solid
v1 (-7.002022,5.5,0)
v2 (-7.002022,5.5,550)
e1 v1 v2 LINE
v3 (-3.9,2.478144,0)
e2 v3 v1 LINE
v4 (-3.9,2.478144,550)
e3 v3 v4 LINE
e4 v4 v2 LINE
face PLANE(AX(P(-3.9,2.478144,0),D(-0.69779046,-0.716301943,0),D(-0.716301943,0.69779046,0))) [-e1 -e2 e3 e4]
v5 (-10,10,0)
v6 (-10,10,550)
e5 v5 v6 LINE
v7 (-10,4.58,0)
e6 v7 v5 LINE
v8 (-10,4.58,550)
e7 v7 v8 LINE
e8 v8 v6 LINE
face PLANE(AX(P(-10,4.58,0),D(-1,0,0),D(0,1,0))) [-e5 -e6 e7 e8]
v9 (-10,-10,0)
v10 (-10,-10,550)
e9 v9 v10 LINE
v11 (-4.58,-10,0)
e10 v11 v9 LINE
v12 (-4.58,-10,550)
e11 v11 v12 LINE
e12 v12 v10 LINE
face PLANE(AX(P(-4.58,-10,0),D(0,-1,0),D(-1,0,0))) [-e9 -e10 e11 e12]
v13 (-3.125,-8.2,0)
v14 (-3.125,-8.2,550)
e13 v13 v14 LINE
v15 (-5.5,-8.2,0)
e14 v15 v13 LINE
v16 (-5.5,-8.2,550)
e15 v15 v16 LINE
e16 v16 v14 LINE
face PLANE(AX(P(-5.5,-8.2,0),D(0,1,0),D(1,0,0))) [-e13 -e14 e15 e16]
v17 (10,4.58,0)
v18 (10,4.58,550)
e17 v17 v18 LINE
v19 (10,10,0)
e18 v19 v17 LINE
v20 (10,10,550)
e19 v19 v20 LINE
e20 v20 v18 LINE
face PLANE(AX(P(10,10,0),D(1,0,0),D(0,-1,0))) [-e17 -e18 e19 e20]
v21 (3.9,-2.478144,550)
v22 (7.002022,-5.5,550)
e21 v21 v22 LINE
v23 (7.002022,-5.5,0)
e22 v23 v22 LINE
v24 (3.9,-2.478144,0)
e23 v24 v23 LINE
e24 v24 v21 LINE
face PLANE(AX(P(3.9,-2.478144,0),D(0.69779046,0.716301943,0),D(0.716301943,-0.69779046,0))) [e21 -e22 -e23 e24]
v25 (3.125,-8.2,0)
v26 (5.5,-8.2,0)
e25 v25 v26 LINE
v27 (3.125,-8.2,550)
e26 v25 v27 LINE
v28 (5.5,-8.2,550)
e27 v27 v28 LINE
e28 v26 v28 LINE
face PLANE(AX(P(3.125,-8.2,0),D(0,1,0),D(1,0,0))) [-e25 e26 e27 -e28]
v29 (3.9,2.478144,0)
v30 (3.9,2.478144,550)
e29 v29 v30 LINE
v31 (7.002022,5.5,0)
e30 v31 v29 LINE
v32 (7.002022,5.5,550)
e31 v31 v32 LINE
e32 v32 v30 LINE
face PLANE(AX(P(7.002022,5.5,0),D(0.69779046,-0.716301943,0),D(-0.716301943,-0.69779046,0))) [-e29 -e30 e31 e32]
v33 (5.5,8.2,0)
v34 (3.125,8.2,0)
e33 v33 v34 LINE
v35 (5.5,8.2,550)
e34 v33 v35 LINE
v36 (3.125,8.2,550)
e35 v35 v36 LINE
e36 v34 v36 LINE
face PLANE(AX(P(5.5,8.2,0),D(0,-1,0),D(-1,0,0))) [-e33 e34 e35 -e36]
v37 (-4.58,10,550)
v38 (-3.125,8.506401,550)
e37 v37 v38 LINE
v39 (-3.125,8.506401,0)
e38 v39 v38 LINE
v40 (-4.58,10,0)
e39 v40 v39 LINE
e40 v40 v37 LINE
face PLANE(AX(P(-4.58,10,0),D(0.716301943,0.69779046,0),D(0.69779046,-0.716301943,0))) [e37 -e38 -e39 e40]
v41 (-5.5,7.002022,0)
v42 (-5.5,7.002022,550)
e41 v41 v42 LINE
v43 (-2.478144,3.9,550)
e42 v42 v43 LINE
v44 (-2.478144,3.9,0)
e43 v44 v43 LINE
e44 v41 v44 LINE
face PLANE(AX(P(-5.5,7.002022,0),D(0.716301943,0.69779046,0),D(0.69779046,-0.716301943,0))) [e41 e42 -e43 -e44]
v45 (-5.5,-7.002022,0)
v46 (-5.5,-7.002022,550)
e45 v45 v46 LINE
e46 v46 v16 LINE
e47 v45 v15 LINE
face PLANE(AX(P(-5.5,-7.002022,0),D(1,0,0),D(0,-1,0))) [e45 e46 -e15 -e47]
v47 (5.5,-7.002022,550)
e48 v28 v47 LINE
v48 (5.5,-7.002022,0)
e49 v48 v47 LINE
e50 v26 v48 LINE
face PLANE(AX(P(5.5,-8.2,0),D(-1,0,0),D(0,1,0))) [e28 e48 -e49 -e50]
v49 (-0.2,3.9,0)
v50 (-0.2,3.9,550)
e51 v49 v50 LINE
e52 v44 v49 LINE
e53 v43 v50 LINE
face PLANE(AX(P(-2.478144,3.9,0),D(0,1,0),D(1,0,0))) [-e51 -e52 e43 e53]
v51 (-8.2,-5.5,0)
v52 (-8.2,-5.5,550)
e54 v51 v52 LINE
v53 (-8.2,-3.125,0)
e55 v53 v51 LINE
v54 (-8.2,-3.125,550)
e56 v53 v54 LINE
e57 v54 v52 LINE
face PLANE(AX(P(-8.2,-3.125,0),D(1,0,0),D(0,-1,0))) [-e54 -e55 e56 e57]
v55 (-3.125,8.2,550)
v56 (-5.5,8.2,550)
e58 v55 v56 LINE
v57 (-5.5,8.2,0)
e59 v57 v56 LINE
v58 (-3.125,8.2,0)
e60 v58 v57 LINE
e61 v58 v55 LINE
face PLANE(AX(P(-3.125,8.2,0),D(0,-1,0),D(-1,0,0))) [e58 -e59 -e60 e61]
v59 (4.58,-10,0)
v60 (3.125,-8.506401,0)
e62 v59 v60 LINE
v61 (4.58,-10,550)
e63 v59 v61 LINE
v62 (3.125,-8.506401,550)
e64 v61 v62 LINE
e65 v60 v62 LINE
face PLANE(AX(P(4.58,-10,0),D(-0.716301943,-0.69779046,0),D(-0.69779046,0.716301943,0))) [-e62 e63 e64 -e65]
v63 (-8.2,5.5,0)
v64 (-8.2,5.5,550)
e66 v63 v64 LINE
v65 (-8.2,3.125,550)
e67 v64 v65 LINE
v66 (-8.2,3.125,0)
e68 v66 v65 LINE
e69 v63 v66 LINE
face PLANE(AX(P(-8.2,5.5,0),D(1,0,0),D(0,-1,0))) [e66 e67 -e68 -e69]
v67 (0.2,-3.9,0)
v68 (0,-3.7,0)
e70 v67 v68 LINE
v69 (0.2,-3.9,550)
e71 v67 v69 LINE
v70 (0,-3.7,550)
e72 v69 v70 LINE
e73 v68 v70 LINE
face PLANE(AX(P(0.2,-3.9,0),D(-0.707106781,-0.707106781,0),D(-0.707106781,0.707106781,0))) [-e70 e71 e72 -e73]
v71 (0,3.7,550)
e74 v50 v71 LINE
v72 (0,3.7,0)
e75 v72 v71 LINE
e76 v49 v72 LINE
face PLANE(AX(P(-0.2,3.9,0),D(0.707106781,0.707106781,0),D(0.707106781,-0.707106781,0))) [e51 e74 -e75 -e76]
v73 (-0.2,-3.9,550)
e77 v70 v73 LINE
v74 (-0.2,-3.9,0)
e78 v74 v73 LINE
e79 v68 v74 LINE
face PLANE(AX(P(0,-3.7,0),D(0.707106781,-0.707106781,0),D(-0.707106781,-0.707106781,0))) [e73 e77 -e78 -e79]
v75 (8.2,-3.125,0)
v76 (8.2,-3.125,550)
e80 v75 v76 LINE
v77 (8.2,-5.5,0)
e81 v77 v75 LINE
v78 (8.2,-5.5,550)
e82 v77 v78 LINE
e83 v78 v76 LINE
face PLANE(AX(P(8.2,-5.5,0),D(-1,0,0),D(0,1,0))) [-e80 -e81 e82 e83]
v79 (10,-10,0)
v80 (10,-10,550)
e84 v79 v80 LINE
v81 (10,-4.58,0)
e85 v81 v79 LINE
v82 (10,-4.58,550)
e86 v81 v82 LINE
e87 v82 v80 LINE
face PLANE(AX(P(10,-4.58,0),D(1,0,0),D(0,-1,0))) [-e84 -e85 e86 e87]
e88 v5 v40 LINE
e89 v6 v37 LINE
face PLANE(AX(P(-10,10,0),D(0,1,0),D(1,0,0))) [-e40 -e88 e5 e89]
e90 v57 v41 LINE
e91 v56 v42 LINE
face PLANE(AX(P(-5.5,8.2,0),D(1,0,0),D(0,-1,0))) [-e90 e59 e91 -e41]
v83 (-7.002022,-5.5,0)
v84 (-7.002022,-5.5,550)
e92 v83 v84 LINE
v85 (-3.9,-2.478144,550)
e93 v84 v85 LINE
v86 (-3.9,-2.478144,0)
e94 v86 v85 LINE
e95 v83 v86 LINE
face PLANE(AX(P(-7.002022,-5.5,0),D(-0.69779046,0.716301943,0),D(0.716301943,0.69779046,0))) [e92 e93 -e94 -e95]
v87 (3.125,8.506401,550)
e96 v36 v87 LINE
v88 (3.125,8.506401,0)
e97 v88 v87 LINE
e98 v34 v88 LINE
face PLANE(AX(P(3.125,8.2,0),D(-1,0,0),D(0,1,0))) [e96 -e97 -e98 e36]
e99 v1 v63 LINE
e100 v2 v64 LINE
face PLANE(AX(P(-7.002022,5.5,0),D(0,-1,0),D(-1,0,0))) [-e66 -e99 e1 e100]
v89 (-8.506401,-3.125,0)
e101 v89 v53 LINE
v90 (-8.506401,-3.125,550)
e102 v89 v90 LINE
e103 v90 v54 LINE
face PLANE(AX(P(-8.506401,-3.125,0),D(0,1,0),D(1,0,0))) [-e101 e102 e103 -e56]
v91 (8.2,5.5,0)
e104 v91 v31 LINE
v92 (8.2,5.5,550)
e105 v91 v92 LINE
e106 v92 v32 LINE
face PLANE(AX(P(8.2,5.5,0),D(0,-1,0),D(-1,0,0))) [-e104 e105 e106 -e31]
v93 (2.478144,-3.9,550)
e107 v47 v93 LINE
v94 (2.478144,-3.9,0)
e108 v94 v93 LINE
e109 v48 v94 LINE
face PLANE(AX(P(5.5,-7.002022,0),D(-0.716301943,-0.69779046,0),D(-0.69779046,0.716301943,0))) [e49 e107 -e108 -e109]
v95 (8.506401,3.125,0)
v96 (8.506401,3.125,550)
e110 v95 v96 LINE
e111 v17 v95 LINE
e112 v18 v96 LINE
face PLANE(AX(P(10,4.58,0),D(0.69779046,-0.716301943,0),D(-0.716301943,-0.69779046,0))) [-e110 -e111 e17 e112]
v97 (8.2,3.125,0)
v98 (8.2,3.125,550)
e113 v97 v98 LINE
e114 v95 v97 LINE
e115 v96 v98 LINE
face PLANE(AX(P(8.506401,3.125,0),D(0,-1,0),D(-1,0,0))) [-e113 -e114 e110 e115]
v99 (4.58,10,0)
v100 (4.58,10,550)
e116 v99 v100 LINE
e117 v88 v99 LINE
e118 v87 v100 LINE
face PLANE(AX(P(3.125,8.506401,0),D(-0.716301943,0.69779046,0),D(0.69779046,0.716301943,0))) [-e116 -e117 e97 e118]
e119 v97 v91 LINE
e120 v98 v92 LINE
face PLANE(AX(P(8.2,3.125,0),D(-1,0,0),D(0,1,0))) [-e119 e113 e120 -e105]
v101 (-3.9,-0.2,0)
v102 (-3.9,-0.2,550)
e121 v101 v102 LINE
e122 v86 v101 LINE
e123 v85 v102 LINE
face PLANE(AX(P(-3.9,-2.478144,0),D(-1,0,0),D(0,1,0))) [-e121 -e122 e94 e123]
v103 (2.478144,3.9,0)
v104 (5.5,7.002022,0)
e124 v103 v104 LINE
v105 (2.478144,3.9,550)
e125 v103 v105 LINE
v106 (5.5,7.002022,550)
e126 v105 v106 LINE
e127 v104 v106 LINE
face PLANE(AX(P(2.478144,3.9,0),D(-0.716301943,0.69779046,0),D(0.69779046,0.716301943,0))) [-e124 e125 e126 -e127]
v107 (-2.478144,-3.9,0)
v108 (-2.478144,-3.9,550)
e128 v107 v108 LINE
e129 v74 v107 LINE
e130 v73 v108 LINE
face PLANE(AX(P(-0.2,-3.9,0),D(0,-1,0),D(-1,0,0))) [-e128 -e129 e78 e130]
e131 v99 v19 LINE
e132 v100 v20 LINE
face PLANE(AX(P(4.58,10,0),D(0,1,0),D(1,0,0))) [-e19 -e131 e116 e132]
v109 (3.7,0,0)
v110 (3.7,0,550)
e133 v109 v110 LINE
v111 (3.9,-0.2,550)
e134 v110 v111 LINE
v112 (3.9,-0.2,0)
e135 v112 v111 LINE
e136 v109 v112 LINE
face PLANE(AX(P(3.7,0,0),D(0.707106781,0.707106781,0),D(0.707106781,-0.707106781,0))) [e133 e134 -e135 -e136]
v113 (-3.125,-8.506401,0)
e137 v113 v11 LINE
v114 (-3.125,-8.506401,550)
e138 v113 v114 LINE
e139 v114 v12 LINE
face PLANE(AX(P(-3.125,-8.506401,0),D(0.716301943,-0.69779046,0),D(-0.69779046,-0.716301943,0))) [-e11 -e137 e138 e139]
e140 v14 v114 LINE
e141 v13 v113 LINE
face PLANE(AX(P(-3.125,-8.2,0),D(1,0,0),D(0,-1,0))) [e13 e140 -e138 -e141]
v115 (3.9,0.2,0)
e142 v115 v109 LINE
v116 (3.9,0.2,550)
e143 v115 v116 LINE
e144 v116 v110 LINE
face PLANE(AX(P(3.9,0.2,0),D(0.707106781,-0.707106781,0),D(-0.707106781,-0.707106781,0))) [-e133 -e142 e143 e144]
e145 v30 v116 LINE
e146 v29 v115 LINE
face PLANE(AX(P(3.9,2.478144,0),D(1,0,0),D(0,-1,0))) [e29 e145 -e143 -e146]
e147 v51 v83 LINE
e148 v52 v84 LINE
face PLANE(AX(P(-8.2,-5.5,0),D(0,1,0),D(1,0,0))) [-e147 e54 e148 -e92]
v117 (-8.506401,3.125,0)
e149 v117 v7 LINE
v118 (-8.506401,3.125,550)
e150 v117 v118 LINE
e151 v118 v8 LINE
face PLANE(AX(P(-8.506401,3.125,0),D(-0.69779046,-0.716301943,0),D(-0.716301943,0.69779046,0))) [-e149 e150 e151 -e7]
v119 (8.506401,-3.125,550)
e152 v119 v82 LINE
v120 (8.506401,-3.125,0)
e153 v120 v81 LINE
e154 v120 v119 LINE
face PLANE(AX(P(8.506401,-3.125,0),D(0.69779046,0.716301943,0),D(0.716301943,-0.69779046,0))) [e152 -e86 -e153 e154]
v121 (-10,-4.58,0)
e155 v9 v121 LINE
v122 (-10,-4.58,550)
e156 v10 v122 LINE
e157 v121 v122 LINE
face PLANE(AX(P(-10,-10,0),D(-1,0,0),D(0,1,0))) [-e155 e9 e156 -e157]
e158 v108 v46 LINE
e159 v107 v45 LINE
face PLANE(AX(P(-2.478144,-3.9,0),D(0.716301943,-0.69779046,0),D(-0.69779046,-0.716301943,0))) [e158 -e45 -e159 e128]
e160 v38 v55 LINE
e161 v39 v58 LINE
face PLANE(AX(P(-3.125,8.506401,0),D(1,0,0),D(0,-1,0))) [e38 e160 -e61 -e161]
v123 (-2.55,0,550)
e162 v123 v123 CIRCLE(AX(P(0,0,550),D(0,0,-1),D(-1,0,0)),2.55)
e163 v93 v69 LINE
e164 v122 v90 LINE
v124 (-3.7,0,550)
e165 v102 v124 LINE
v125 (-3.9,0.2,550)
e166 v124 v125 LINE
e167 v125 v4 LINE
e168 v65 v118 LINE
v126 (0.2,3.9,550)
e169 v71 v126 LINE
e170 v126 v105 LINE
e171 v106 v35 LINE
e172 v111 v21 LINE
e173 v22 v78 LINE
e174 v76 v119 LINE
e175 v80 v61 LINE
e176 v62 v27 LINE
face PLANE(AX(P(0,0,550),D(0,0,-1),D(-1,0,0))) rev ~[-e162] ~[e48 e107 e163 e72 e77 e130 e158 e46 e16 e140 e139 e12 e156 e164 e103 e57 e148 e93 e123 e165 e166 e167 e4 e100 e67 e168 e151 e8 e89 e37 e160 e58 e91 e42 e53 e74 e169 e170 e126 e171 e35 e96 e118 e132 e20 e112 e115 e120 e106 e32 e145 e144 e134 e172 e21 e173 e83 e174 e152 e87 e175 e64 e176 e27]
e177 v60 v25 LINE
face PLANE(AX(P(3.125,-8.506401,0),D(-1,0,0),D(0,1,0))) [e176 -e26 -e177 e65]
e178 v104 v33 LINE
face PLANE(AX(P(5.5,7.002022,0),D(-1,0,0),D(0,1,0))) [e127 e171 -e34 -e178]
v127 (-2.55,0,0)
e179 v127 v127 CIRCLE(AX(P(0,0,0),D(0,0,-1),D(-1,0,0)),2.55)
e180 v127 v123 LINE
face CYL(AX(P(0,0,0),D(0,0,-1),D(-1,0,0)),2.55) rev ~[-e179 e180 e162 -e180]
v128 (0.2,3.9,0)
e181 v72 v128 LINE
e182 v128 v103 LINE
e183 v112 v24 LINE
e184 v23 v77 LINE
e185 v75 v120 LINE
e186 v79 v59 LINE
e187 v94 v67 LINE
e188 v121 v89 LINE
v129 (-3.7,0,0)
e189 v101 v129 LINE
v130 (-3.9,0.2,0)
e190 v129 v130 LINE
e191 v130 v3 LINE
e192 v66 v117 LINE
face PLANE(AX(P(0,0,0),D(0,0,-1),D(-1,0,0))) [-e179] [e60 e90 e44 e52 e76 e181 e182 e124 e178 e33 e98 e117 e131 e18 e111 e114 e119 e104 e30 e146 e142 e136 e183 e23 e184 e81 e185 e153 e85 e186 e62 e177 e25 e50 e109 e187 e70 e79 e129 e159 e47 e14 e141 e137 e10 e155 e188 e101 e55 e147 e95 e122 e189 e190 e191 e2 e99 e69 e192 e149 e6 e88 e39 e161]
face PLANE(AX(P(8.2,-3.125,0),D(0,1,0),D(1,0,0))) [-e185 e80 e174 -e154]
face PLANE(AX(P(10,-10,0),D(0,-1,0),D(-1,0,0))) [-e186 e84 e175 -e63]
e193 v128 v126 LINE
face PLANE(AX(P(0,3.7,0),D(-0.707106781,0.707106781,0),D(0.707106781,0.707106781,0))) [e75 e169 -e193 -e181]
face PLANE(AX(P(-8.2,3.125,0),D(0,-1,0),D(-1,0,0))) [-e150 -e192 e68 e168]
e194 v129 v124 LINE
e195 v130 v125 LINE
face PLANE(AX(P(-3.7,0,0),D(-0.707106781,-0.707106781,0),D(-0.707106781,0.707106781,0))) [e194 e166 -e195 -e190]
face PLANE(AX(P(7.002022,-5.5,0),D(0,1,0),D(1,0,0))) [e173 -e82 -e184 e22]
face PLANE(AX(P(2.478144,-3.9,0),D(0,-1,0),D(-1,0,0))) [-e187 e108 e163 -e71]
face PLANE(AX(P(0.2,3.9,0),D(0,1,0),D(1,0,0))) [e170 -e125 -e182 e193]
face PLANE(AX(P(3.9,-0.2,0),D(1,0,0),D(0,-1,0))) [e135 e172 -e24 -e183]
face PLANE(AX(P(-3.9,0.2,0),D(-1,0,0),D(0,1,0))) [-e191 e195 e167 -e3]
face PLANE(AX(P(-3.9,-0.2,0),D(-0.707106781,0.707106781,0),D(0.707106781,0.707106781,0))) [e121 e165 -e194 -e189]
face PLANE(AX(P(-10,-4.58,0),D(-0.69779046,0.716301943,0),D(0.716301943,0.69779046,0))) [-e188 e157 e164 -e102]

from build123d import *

# Parameters (mm, degrees)
SKETCH_1_R      = 2.55
EXTRUDE_1_DEPTH = 550


with BuildPart() as part:
    # Эскиз1 → Бобышка-Вытянуть1 (new body)
    with BuildSketch(Plane(origin=(0, 0, 0), x_dir=(-1, 0, 0), z_dir=(0, 0, -1))):
        Polygon((0, -3.7), (0.2, -3.9), (2.478143526, -3.9), (5.5, -7.00202244), (5.5, -8.2), (3.125, -8.2), (3.125, -8.506400721), (4.58, -10), (10, -10), (10, -4.58), (8.506400721, -3.125), (8.2, -3.125), (8.2, -5.5), (7.00202244, -5.5), (3.9, -2.478143526), (3.9, -0.2), (3.7, 0), (3.9, 0.2), (3.9, 2.478143526), (7.00202244, 5.5), (8.2, 5.5), (8.2, 3.125), (8.506400721, 3.125), (10, 4.58), (10, 10), (4.58, 10), (3.125, 8.506400721), (3.125, 8.2), (5.5, 8.2), (5.5, 7.00202244), (2.478143526, 3.9), (0.2, 3.9), (0, 3.7), (-0.2, 3.9), (-2.478143526, 3.9), (-5.5, 7.00202244), (-5.5, 8.2), (-3.125, 8.2), (-3.125, 8.506400721), (-4.58, 10), (-10, 10), (-10, 4.58), (-8.506400721, 3.125), (-8.2, 3.125), (-8.2, 5.5), (-7.00202244, 5.5), (-3.9, 2.478143526), (-3.9, 0.2), (-3.7, 0), (-3.9, -0.2), (-3.9, -2.478143526), (-7.00202244, -5.5), (-8.2, -5.5), (-8.2, -3.125), (-8.506400721, -3.125), (-10, -4.58), (-10, -10), (-4.58, -10), (-3.125, -8.506400721), (-3.125, -8.2), (-5.5, -8.2), (-5.5, -7.00202244), (-2.478143526, -3.9), (-0.2, -3.9), align=None)
        Circle(SKETCH_1_R, mode=Mode.SUBTRACT)
    extrude(amount=-EXTRUDE_1_DEPTH)


solid = part.part
